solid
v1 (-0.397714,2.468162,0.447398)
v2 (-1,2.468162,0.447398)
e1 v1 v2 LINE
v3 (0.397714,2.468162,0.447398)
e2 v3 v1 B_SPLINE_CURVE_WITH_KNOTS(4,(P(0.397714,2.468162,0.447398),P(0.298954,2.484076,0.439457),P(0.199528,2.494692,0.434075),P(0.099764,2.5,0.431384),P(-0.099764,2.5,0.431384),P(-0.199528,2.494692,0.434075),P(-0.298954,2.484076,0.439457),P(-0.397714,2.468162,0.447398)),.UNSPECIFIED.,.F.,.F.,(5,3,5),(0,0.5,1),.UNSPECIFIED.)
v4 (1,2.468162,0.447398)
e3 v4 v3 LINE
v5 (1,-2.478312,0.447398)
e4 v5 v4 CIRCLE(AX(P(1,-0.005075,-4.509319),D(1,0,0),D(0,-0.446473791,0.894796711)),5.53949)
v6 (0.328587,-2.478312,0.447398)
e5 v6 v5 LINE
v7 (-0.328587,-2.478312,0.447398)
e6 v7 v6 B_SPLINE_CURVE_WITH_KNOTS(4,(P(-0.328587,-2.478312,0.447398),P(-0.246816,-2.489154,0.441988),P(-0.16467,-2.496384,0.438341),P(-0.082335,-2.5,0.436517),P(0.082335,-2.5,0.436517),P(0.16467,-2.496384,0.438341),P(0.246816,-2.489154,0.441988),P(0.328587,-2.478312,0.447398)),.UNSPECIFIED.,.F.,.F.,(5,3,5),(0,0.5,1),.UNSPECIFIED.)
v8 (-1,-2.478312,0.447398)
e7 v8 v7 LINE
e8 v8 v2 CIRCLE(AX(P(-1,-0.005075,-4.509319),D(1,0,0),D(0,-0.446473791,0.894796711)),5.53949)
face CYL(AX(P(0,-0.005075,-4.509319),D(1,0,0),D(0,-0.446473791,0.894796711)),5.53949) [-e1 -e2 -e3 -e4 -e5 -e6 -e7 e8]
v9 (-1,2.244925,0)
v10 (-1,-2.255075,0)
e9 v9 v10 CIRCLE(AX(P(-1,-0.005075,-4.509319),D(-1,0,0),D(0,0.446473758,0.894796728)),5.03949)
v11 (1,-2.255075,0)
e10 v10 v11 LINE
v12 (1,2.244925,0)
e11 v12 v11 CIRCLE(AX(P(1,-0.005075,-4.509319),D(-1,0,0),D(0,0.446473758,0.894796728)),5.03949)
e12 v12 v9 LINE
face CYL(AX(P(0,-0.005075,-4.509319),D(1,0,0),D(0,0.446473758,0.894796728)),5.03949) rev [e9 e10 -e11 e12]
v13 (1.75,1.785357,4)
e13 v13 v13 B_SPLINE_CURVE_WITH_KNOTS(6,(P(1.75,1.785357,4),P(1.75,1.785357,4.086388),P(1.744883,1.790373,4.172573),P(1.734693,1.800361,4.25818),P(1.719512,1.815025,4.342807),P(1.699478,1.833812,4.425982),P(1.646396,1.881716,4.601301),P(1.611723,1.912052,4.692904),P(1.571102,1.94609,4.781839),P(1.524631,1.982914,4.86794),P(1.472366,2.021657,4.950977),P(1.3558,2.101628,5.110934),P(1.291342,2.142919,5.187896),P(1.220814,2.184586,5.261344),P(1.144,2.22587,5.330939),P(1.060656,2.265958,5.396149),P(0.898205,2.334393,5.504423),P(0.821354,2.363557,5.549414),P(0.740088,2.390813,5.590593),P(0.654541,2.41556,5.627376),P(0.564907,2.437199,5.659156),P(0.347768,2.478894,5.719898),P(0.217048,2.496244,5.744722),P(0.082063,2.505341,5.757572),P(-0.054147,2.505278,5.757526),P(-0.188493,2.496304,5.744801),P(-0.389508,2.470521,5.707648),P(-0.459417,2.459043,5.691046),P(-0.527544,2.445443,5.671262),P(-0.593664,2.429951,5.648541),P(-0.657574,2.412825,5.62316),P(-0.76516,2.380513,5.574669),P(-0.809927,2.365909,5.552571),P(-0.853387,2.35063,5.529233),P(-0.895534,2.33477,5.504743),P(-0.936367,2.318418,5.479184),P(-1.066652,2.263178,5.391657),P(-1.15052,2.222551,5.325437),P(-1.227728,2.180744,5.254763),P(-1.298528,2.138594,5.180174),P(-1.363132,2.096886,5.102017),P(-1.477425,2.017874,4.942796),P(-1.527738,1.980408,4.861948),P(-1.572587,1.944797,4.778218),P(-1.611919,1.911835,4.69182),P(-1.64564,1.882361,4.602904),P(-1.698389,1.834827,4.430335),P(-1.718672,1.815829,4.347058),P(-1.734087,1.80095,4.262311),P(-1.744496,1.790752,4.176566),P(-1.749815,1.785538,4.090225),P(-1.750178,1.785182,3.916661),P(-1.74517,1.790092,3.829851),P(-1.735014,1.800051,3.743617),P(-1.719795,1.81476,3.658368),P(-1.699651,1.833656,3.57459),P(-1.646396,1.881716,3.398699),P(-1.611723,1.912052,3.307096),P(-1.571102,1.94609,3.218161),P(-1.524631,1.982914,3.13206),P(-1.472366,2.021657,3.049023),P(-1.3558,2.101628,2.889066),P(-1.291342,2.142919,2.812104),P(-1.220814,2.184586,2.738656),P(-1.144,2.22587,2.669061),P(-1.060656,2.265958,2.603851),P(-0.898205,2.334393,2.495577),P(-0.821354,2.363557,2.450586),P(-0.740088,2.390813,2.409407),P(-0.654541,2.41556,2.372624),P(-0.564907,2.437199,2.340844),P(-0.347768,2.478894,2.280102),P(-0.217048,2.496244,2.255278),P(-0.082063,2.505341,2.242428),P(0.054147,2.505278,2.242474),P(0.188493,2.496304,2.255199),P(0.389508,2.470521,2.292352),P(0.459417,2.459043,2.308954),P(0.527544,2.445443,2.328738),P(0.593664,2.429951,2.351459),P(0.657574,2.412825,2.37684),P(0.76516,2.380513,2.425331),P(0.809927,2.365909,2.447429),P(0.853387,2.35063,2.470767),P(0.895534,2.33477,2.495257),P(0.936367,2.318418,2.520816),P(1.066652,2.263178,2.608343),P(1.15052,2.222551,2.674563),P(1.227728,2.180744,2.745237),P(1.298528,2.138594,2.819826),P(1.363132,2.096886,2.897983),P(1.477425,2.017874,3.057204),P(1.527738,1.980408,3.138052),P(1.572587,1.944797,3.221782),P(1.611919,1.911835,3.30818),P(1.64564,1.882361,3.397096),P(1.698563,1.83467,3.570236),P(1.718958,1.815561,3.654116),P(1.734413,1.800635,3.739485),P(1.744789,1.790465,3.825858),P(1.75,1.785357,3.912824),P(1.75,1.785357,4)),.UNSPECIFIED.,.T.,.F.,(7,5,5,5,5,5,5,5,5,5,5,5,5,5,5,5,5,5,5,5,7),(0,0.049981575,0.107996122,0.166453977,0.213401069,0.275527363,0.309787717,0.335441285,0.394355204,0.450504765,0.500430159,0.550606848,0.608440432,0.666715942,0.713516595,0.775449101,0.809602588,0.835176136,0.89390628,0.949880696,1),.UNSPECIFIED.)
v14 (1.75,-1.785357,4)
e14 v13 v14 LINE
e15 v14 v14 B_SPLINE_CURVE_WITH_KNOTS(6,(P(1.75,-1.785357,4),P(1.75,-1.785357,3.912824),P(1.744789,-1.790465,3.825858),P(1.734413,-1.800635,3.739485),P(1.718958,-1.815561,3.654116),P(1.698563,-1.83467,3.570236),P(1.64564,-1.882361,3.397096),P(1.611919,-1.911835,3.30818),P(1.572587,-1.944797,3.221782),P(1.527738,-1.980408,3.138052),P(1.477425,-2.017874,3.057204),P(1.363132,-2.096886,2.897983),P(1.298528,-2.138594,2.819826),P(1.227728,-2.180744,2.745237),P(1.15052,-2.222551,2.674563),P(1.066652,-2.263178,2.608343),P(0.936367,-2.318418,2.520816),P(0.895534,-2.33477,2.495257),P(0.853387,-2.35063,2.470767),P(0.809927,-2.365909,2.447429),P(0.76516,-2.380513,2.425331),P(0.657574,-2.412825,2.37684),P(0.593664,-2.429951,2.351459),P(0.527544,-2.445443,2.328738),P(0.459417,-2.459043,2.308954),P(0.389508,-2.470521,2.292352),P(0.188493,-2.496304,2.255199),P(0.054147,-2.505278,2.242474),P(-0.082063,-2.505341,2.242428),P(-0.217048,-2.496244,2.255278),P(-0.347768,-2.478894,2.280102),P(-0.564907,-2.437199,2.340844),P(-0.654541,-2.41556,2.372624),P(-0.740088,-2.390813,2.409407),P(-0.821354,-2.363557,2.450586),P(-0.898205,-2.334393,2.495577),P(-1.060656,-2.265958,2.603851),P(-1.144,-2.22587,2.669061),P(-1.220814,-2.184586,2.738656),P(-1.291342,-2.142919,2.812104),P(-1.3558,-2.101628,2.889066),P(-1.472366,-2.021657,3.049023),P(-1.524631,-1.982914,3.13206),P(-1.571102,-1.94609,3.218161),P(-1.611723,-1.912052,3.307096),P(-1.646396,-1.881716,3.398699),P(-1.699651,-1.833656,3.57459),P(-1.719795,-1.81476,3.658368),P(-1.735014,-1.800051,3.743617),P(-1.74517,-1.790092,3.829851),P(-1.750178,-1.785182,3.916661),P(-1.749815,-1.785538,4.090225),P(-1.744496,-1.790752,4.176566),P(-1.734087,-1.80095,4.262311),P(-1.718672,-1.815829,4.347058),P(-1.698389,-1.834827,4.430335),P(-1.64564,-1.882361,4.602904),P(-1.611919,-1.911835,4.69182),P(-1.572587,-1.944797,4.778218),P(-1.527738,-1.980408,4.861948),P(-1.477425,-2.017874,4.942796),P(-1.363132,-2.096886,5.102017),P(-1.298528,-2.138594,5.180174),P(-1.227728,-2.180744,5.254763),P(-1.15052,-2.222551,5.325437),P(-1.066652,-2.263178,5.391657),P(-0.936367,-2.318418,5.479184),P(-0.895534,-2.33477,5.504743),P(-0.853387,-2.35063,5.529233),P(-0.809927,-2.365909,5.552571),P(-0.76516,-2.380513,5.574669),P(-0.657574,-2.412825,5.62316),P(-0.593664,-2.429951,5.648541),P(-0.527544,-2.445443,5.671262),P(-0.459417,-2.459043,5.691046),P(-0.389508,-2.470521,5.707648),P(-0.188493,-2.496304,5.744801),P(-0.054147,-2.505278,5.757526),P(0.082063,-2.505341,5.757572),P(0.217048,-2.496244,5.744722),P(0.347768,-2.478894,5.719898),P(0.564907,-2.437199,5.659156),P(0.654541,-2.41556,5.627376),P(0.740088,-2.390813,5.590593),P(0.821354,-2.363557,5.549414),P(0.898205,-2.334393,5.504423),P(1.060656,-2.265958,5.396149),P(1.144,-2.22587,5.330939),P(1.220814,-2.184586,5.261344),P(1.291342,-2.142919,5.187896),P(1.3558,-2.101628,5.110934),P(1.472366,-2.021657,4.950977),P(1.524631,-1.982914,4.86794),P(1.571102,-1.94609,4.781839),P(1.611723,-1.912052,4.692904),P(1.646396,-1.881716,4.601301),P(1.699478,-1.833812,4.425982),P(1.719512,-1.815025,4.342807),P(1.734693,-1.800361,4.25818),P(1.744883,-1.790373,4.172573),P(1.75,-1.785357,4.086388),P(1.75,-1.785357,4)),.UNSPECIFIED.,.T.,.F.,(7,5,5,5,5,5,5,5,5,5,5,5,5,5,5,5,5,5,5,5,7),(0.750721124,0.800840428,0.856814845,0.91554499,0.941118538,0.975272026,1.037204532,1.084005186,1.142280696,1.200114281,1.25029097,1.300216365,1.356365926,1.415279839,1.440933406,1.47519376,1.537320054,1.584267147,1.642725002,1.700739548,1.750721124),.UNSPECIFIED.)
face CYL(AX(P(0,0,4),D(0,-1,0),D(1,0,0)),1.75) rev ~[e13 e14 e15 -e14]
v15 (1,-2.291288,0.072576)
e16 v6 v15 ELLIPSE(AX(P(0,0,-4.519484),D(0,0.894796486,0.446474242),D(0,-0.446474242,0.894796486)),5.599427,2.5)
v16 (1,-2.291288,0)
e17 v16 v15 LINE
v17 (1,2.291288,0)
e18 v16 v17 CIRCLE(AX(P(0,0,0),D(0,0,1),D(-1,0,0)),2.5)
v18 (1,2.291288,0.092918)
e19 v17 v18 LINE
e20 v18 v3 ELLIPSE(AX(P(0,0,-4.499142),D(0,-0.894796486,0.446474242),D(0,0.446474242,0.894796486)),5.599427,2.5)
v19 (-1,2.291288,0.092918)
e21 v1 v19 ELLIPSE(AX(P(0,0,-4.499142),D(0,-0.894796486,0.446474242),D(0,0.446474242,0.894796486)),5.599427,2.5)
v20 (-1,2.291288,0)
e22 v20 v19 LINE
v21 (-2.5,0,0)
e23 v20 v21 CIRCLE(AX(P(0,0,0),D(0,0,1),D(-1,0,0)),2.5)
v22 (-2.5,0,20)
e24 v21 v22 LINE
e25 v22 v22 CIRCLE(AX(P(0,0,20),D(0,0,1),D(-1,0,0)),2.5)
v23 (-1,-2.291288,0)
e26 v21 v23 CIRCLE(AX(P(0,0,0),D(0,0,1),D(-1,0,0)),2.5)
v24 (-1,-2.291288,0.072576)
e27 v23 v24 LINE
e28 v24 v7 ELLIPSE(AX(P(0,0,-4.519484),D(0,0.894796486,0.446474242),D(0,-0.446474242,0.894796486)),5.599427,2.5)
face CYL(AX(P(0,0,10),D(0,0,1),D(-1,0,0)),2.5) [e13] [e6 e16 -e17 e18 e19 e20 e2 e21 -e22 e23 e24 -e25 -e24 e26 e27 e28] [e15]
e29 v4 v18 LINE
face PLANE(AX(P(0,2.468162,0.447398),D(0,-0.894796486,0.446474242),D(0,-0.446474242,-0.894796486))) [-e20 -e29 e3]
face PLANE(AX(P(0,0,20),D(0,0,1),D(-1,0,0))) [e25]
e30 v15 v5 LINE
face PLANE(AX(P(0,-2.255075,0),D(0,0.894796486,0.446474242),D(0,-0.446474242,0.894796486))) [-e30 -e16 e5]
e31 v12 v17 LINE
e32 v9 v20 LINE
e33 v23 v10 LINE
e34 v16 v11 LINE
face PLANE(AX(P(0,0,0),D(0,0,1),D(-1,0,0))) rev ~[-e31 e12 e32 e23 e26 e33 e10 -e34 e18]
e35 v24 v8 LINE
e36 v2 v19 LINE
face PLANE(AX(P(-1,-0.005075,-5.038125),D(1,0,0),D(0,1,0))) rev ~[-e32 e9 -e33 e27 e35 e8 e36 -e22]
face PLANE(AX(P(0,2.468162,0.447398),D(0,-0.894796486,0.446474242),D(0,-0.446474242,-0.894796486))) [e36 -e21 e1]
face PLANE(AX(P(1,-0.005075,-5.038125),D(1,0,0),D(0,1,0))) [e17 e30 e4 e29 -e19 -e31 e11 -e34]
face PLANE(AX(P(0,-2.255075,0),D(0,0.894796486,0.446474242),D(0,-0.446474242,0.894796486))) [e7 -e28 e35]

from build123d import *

# Parameters (mm, degrees)
F0_W     = 2.5
F0_H     = 20
F2_R     = 1.75
F3_DEPTH = 2.5
F5_DEPTH = 1


with BuildPart() as f1:
    # F0 (on Front) → F1 (revolve)
    with BuildSketch(Plane.XZ):
        with Locations((-1.25, 10)):
            Rectangle(F0_W, F0_H)
    revolve(axis=Axis((0, 0, 10), (0, 0, 1)))

    # F2 (on Front) → F3 (cut, symmetric)
    with BuildSketch(Plane.XZ):
        with Locations((0, 4)):
            Circle(F2_R)
    extrude(amount=F3_DEPTH, both=True, mode=Mode.SUBTRACT)

    # F4 (on Right) → F5 (join, symmetric)
    with BuildSketch(Plane.YZ):
        with BuildLine():
            ThreePointArc((2.244925, 0), (-0.005075, -9.548809), (-2.255075, 0))
            Line((-2.255075, 0), (-2.478312, 0.447398))
            ThreePointArc((-2.478312, 0.447398), (-0.005075, -10.048809), (2.468162, 0.447398))
            Line((2.468162, 0.447398), (2.244925, 0))
        make_face()
    extrude(amount=F5_DEPTH, both=True)


solid = f1.part
